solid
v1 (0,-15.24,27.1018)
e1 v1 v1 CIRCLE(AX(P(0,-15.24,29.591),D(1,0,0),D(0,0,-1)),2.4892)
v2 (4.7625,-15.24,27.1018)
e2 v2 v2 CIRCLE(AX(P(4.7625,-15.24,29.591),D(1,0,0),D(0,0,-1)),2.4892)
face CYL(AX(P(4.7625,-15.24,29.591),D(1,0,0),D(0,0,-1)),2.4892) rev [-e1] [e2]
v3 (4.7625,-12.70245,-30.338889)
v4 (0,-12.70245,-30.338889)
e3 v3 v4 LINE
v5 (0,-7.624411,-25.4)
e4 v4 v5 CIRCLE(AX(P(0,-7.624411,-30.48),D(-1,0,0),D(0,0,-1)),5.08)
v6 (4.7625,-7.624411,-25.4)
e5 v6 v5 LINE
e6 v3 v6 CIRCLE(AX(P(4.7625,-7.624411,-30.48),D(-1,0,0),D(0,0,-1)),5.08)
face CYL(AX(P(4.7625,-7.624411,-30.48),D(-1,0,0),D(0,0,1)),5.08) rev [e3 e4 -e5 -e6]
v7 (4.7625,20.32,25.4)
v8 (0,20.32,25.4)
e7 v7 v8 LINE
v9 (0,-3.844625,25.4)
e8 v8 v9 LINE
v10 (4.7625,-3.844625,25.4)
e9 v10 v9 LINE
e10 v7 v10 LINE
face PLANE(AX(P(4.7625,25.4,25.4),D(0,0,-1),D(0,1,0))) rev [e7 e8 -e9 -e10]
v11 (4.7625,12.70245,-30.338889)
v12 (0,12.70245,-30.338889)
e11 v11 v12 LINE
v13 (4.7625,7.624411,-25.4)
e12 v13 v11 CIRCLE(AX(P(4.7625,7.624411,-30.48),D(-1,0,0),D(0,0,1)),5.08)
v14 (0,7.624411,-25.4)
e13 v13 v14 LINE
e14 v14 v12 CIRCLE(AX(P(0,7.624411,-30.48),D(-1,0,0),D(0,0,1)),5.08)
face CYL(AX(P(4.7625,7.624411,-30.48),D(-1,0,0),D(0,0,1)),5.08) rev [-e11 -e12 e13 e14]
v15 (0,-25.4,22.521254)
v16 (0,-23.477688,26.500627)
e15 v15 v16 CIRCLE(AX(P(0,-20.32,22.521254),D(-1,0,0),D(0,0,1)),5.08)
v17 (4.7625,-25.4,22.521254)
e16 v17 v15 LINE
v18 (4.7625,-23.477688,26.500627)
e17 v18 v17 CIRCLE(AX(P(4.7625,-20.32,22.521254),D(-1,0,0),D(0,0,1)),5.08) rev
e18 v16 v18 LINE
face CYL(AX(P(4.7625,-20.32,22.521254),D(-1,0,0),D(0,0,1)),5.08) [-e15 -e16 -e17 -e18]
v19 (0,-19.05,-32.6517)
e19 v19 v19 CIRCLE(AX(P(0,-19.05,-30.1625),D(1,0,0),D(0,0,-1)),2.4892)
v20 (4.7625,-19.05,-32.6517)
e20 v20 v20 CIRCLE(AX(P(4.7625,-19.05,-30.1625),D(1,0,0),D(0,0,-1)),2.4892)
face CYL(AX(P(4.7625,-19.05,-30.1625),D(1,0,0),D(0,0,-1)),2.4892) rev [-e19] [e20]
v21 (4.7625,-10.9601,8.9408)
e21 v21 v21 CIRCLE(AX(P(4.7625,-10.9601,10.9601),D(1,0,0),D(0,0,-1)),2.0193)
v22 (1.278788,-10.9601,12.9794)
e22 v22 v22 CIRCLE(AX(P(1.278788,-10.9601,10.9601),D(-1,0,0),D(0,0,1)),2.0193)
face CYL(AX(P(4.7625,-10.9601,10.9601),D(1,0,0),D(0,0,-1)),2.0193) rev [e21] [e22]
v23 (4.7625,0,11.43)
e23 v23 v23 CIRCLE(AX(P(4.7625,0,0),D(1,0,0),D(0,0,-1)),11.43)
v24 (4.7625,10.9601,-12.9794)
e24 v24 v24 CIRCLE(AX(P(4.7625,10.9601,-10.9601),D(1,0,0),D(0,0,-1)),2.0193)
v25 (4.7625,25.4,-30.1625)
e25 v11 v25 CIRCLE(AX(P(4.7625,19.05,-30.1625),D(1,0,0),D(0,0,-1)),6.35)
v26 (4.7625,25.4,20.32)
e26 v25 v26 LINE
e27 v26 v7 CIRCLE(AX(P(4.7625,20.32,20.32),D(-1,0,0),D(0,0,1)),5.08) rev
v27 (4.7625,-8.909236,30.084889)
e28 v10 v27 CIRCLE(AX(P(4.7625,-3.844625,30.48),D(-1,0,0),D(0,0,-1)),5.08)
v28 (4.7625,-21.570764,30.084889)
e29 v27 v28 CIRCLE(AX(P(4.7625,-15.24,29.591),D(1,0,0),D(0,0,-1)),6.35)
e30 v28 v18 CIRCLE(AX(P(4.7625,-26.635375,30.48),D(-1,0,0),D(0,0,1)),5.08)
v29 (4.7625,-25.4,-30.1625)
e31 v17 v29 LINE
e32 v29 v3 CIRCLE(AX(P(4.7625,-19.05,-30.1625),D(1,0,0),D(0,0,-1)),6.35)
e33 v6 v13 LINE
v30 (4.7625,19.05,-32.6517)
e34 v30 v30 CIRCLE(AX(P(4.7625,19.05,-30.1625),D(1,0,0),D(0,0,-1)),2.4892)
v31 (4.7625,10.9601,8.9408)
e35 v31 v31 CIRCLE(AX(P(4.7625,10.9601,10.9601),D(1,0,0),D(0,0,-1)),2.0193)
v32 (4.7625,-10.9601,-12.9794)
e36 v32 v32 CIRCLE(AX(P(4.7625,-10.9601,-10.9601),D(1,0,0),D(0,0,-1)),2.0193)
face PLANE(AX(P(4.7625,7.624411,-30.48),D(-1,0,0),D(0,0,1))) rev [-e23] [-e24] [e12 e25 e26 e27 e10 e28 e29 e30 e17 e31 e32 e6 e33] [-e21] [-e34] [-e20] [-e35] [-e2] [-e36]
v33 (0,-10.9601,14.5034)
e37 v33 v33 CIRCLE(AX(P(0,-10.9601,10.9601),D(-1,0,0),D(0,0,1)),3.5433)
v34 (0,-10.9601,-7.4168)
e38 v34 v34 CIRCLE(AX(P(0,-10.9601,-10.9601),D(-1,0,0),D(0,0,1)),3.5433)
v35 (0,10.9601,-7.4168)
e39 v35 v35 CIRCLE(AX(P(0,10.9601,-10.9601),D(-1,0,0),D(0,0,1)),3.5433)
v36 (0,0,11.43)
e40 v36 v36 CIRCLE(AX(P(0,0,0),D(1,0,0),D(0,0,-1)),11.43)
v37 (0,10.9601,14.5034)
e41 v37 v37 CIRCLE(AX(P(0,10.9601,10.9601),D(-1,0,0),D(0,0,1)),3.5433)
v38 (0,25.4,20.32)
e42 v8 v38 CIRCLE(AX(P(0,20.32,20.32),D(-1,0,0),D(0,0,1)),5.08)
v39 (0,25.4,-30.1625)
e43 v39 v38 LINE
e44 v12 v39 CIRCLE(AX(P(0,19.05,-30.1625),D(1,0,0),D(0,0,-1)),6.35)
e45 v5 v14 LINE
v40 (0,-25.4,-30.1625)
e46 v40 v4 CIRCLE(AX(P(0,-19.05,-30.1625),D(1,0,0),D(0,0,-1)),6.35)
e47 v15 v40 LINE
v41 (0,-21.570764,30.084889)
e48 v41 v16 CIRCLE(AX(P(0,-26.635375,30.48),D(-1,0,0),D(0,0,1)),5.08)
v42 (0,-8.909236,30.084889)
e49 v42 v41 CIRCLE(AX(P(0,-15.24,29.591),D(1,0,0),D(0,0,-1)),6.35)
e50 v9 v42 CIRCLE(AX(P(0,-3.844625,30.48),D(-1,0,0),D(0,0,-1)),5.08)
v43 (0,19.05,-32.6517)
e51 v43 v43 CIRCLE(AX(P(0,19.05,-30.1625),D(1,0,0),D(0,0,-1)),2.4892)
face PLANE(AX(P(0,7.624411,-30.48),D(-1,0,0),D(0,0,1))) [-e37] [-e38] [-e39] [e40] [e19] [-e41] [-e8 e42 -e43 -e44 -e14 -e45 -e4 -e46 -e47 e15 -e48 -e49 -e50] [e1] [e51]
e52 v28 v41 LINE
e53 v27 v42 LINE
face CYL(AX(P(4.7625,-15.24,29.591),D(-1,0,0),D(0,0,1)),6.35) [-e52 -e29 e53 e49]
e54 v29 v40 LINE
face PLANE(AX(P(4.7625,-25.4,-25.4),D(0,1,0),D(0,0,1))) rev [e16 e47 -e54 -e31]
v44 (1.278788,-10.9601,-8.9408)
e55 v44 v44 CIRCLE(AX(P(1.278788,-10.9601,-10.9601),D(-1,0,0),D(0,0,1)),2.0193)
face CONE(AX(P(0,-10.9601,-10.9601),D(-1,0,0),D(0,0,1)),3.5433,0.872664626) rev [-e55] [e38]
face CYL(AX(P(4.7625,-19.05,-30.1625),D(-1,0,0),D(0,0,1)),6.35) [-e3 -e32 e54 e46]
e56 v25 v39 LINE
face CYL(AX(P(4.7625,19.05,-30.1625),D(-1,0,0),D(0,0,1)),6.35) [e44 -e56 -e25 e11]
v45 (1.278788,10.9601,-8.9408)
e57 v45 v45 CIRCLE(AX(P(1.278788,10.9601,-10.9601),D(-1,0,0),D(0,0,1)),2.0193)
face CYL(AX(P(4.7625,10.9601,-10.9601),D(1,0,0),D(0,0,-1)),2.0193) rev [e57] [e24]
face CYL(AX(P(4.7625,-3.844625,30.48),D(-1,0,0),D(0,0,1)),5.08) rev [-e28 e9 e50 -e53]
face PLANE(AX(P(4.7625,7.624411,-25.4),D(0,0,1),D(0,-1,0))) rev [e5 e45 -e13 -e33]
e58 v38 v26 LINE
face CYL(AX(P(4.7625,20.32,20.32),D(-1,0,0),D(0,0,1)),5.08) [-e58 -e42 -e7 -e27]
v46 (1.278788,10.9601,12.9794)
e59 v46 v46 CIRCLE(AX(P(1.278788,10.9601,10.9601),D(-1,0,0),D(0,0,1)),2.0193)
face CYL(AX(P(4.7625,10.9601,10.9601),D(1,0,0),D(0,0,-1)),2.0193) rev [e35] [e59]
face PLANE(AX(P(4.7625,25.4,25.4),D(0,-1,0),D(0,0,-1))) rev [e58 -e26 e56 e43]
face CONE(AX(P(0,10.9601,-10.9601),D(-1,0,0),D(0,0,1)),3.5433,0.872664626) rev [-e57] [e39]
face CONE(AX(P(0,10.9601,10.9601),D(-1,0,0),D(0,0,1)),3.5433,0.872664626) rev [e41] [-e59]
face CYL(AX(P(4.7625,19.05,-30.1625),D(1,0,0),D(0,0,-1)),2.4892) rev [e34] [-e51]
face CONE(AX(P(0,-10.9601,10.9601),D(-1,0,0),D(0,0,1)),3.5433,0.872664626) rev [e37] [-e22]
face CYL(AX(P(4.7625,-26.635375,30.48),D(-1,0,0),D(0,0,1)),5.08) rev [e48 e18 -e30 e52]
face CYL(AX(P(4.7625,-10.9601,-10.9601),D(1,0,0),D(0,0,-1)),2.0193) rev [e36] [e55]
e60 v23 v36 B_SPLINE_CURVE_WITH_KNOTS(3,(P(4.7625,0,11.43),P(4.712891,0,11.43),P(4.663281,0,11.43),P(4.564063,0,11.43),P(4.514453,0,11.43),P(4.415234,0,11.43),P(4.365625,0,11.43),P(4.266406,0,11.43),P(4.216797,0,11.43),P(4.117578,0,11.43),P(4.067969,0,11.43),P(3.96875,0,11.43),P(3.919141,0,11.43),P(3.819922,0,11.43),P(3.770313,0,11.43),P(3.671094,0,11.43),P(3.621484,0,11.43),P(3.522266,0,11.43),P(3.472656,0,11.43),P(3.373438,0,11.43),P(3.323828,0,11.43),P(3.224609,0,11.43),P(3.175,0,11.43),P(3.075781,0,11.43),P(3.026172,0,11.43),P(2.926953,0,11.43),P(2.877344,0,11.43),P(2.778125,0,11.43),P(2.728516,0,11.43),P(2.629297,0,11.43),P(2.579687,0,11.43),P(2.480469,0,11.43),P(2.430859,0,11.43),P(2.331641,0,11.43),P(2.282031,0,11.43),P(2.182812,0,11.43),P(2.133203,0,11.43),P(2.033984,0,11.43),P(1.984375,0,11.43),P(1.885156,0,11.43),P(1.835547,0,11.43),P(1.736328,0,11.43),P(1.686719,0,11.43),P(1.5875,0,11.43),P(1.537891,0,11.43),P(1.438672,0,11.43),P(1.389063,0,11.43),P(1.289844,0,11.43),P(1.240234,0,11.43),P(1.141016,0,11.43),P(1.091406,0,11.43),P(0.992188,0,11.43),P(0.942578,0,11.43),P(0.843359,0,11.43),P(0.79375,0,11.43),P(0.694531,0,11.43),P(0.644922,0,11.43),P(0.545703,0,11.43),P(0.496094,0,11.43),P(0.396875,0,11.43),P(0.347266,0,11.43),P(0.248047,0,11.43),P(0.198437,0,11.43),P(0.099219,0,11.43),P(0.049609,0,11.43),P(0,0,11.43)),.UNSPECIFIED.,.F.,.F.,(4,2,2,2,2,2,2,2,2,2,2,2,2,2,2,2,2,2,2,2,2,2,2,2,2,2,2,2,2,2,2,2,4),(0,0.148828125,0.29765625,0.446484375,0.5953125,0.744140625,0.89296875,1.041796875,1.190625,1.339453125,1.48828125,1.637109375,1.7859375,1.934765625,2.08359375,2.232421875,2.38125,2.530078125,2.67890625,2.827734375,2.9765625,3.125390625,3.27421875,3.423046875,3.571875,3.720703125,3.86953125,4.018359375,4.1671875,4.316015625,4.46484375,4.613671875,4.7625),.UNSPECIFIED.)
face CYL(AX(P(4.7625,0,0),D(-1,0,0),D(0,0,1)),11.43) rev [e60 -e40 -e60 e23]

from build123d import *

# Parameters (mm, degrees)
SKETCH1_R                                         = 11.43
BOSS_EXTRUDE1_DEPTH                               = 4.7625
F_10_32_TAPPED_HOLE1_D                            = 4.0386
F_10_CLEARANCE_HOLE1_D                            = 4.9784
FILLET1_R                                         = 5.08
CSK_FOR_6_FLAT_HEAD_MACHINE_SCREW_100_D           = 3.7973
CSK_FOR_6_FLAT_HEAD_MACHINE_SCREW_100_CSINK_D     = 7.0866
CSK_FOR_6_FLAT_HEAD_MACHINE_SCREW_100_CSINK_ANGLE = 100


with BuildPart() as part:
    # Sketch1 → Boss-Extrude1 (new body)
    with BuildSketch(Plane(origin=(0, 0, 0), x_dir=(0, 0, -1), z_dir=(1, 0, 0))):
        with BuildLine():
            Line((-25.4, 25.4), (-25.4, -3.844624666))
            ThreePointArc((-25.4, -3.844624666), (-26.750820168, -7.294206927), (-30.084888889, -8.909235926))
            ThreePointArc((-30.084888889, -8.909235926), (-35.941, -15.24), (-30.084888889, -21.570764074))
            ThreePointArc((-30.084888889, -21.570764074), (-27.201538941, -22.75489945), (-25.552500859, -25.4))
            Line((-25.552500859, -25.4), (-25.4, -25.4))
            Line((-25.4, -25.4), (25.4, -25.4))
            Line((25.4, -25.4), (30.1625, -25.4))
            ThreePointArc((30.1625, -25.4), (36.511887391, -19.138202954), (30.338888889, -12.702450318))
            ThreePointArc((30.338888889, -12.702450318), (26.83834897, -11.166271352), (25.4, -7.624410573))
            Line((25.4, -7.624410573), (25.4, 7.624410573))
            ThreePointArc((25.4, 7.624410573), (26.83834897, 11.166271352), (30.338888889, 12.702450318))
            ThreePointArc((30.338888889, 12.702450318), (36.511887391, 19.138202954), (30.1625, 25.4))
            Line((30.1625, 25.4), (25.4, 25.4))
            Line((25.4, 25.4), (-25.4, 25.4))
        make_face()
        with Locations(Location((0, 0, 0), (0, 0, 180))):
            Circle(SKETCH1_R, mode=Mode.SUBTRACT)
    extrude(amount=BOSS_EXTRUDE1_DEPTH)

    # #10-32 Tapped Hole1 (through all)
    with Locations(Plane(origin=(4.7625, 0, 0), x_dir=(0, 0, -1), z_dir=(1, 0, 0))):
        with Locations((-10.9601, 10.9601), (-10.9601, -10.9601), (10.9601, -10.9601), (10.9601, 10.9601)):
            Hole(F_10_32_TAPPED_HOLE1_D / 2)

    # #10 Clearance Hole1 (through all)
    with Locations(Plane(origin=(4.7625, 0, 0), x_dir=(0, 0, -1), z_dir=(1, 0, 0))):
        with Locations((-29.591, -15.24), (30.1625, 19.05), (30.1625, -19.05)):
            Hole(F_10_CLEARANCE_HOLE1_D / 2)

    # Fillet1
    fillet1_edges = [part.edges().sort_by_distance(p)[0] for p in [
        (2.38125, -25.4, 25.552500859),
        (2.38125, 25.4, 25.4),
    ]]
    fillet(fillet1_edges, radius=FILLET1_R)

    # CSK for #6 Flat Head Machine Screw (100)1 (through all)
    with Locations(Plane(origin=(0, 10.9601, 10.9601), x_dir=(0, 0, -1), z_dir=(-1, 0, 0))):
        with Locations((0, 0), (0, 21.9202), (21.9202, 21.9202), (21.9202, 0)):
            CounterSinkHole(CSK_FOR_6_FLAT_HEAD_MACHINE_SCREW_100_D / 2, CSK_FOR_6_FLAT_HEAD_MACHINE_SCREW_100_CSINK_D / 2, counter_sink_angle=CSK_FOR_6_FLAT_HEAD_MACHINE_SCREW_100_CSINK_ANGLE)


solid = part.part
